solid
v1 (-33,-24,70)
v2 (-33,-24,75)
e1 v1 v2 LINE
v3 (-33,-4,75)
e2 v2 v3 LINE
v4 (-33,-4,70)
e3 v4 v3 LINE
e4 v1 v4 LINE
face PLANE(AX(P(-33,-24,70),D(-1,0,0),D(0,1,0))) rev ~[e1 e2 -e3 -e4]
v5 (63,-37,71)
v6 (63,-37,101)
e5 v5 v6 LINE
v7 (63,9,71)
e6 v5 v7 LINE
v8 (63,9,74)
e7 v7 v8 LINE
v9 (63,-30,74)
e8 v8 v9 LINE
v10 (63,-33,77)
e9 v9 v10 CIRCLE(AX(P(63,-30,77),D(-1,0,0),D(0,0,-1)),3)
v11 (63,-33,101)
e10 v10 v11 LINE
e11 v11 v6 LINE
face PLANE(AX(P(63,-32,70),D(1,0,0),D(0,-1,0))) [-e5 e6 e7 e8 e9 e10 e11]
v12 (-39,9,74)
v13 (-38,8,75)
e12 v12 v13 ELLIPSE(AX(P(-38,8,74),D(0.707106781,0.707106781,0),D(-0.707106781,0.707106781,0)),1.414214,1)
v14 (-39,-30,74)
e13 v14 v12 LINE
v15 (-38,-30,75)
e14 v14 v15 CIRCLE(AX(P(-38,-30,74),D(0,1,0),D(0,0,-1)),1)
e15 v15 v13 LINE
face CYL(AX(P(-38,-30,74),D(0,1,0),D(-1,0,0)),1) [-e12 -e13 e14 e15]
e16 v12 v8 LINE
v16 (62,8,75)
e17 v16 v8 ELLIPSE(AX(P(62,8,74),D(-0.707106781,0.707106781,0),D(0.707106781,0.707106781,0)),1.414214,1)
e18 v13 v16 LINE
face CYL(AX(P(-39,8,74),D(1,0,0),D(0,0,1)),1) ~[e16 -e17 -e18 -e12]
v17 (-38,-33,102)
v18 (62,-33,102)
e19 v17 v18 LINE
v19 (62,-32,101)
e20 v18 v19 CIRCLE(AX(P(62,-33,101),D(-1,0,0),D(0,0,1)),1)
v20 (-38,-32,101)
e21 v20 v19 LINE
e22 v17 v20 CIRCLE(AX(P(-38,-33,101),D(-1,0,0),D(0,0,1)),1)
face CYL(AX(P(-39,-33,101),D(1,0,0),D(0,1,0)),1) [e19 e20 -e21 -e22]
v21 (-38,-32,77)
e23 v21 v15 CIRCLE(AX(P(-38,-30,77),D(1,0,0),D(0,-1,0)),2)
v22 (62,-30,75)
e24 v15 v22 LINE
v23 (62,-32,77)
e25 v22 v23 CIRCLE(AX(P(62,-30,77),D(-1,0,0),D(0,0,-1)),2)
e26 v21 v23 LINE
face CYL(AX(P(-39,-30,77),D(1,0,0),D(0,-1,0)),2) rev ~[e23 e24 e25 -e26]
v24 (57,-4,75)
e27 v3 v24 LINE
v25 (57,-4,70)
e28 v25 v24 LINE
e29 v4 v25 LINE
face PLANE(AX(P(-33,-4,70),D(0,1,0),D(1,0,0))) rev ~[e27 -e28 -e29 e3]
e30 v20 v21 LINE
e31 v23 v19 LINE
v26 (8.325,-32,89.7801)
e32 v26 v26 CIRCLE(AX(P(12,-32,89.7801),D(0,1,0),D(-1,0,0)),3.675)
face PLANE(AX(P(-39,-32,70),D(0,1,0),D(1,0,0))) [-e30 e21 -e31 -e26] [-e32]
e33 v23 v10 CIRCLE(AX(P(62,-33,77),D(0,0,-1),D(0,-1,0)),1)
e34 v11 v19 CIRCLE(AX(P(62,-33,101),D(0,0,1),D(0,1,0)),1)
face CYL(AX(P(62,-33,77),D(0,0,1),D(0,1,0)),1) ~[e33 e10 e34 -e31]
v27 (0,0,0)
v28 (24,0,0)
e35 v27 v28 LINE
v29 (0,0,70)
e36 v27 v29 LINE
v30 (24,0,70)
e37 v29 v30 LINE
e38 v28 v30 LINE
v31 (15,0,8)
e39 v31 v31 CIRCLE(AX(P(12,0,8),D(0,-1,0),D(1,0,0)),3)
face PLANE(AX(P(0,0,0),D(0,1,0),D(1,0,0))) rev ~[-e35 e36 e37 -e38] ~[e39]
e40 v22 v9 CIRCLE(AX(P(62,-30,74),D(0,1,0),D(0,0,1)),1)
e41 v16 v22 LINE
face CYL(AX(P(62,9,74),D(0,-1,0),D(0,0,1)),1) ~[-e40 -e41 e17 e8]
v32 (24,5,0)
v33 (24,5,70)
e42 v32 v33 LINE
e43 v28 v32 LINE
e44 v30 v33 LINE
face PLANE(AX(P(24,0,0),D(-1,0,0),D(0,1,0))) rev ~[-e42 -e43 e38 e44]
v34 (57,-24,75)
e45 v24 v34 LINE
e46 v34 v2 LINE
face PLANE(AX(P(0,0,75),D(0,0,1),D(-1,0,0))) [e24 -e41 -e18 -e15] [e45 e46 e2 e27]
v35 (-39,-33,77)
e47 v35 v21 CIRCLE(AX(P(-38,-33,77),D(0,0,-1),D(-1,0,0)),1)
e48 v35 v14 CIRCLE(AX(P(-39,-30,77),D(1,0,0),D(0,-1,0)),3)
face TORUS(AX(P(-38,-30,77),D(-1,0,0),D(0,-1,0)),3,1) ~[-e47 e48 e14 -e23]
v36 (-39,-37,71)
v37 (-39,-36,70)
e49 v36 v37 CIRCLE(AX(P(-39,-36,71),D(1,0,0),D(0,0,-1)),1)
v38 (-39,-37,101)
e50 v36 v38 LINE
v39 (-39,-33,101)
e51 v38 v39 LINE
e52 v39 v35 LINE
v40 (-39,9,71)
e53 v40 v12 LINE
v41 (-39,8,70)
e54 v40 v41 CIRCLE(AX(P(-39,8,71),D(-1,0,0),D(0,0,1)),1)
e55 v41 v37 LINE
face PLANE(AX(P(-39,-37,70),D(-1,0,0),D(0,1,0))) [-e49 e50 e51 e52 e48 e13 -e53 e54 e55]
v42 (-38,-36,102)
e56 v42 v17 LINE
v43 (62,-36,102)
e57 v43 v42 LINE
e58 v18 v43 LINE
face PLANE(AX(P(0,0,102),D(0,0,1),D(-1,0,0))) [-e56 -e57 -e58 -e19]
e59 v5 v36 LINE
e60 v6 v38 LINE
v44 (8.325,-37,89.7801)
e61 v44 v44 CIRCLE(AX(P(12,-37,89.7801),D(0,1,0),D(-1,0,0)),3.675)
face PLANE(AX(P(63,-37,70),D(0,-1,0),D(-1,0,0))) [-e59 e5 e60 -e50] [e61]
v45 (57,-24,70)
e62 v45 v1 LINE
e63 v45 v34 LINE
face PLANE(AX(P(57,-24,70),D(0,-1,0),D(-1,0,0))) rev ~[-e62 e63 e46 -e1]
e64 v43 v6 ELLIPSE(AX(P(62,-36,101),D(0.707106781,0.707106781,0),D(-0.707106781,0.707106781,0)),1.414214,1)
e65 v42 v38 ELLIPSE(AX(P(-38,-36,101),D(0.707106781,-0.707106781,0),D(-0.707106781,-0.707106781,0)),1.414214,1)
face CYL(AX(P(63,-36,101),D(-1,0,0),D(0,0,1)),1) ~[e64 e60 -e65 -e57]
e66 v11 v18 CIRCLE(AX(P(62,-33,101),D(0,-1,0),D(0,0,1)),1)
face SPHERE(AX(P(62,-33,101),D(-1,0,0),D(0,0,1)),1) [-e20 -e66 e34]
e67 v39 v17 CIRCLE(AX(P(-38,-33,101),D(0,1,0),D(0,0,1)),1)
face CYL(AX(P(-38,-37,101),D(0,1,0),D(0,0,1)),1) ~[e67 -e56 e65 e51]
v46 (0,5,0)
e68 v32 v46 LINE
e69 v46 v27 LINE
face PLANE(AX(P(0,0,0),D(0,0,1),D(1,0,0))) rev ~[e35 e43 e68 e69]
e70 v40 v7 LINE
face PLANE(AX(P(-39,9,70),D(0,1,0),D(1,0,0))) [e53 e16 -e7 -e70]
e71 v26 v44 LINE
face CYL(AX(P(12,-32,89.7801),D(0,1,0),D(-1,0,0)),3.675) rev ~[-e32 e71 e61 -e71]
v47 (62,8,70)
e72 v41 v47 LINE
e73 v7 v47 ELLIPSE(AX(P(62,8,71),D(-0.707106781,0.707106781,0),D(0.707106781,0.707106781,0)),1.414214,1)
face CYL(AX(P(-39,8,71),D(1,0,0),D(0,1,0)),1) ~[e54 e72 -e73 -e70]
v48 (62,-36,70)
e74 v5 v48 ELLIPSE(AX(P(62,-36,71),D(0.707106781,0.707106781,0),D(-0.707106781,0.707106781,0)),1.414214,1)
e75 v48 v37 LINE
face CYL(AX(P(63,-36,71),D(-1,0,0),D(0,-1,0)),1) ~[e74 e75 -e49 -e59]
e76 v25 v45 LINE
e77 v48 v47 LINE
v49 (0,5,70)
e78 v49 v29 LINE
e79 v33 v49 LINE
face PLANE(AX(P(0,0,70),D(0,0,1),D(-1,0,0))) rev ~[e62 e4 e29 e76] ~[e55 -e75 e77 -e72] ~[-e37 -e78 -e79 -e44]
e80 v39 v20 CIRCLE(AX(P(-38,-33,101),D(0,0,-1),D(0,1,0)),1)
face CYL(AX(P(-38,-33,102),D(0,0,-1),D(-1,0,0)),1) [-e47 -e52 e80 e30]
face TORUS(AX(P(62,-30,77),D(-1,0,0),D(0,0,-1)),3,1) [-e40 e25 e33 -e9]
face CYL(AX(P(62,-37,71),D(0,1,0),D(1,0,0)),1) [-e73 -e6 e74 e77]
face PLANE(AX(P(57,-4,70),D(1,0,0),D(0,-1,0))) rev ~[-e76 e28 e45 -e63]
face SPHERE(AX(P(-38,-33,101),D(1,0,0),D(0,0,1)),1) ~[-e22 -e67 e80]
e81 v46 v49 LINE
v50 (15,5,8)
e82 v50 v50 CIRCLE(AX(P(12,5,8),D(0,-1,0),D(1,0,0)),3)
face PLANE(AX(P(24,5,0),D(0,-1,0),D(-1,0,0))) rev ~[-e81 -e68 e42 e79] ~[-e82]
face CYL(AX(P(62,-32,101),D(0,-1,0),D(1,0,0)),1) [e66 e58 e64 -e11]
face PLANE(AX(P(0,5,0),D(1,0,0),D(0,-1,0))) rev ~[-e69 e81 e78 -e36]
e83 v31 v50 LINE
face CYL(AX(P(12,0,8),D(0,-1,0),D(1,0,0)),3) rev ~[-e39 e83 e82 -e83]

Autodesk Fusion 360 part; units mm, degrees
sketch "Sketch1" plane through (0, 0, 0) normal (0, 0, 1) x (1, 0, 0)
sketch "Sketch2" plane through (0, 0, 0) normal (0, 0, 1) x (1, 0, 0)
  line L0 (0, 0) -> (24, 0)
  line L1 (24, 0) -> (24, 5)
  line L2 (24, 5) -> (0, 5)
  line L3 (0, 5) -> (0, 0)
  dimension "d157" = 24
  dimension "d158" = 5
extrude "Extrude1" add sketch "Sketch2" along normal blind 70
sketch "Sketch3" plane through (0, 0, 0) normal (0, -1, 0) x (1, 0, 0)
  circle A0 centre (12, 8) radius 3
  line L0 (0, 0) -> (24, 0)
  line L1 (0, 0) -> (0, 70)
  dimension "d161" = 6
  dimension "d162" = 8
  dimension "d163" = 12
extrude "Extrude2" cut sketch "Sketch3" against normal blind 5
sketch "Sketch4" plane through (0, 0, 0) normal (0, -1, 0) x (1, 0, 0)
sketch "Sketch5" plane through (0, 0, 0) normal (0, -1, 0) x (1, 0, 0)
  circle A0 centre (12, 8) radius 3
  dimension "d166" = 6
sketch "Sketch6" plane through (0, 0, 70) normal (0, 0, 1) x (-1, 0, 0)
  line L0 (39, -9) -> (-63, -9)
  line L1 (-63, -9) -> (-63, 37)
  line L2 (-63, 37) -> (39, 37)
  line L3 (39, 37) -> (39, -9)
  line L4 (-24, 0) -> (-24, -5)
  line L5 (-24, -5) -> (0, -5)
  line L6 (33, 4) -> (-57, 4)
  line L7 (-57, 4) -> (-57, 24)
  line L8 (-57, 24) -> (33, 24)
  line L9 (33, 24) -> (33, 4)
  line L10 (0, 0) -> (-24, 0)
  line L11 (39, 32) -> (-63, 32)
  dimension "d167" = 102
  dimension "d168" = 46
  dimension "d169" = 39
  dimension "d170" = 4
  dimension "d171" = 90
  dimension "d172" = 20
  dimension "d173" = 4
  dimension "d174" = 6
  dimension "d175" = 5
extrude "Extrude3" add sketch "Sketch6" along normal blind 5 contours L0 L1 L3 L11
extrude "Extrude4" add sketch "Sketch6" along normal blind 32 contours L1 L2 L3 L11
fillet "Fillet1" radius 2 1 edges at (12, -32, 75)
fillet "Fillet2" radius 1 14 edges at (12, -37, 102) (12, -32, 102) (63, -34.5, 102) (-39, -34.5, 102) (-39, -10.5, 75) (-39, -31.4142, 75.5858) (-39, -32, 89.5) (12, -37, 70) (63, -14, 70) (12, 9, 70) (12, 9, 75) (63, -32, 89.5) (63, -31.4142, 75.5858) (63, -10.5, 75)
sketch "Sketch7" plane through (0, -32, 0) normal (0, 1, 0) x (-1, 0, 0)
  circle A0 centre (-12, 89.7801) radius 3.675
  line L0 (39, 77) -> (39, 101)
  dimension "d184" = 7.35
  dimension "d185" = 51
extrude "Extrude5" cut sketch "Sketch7" against normal blind 5
equation "d163 = d157 / 2"
